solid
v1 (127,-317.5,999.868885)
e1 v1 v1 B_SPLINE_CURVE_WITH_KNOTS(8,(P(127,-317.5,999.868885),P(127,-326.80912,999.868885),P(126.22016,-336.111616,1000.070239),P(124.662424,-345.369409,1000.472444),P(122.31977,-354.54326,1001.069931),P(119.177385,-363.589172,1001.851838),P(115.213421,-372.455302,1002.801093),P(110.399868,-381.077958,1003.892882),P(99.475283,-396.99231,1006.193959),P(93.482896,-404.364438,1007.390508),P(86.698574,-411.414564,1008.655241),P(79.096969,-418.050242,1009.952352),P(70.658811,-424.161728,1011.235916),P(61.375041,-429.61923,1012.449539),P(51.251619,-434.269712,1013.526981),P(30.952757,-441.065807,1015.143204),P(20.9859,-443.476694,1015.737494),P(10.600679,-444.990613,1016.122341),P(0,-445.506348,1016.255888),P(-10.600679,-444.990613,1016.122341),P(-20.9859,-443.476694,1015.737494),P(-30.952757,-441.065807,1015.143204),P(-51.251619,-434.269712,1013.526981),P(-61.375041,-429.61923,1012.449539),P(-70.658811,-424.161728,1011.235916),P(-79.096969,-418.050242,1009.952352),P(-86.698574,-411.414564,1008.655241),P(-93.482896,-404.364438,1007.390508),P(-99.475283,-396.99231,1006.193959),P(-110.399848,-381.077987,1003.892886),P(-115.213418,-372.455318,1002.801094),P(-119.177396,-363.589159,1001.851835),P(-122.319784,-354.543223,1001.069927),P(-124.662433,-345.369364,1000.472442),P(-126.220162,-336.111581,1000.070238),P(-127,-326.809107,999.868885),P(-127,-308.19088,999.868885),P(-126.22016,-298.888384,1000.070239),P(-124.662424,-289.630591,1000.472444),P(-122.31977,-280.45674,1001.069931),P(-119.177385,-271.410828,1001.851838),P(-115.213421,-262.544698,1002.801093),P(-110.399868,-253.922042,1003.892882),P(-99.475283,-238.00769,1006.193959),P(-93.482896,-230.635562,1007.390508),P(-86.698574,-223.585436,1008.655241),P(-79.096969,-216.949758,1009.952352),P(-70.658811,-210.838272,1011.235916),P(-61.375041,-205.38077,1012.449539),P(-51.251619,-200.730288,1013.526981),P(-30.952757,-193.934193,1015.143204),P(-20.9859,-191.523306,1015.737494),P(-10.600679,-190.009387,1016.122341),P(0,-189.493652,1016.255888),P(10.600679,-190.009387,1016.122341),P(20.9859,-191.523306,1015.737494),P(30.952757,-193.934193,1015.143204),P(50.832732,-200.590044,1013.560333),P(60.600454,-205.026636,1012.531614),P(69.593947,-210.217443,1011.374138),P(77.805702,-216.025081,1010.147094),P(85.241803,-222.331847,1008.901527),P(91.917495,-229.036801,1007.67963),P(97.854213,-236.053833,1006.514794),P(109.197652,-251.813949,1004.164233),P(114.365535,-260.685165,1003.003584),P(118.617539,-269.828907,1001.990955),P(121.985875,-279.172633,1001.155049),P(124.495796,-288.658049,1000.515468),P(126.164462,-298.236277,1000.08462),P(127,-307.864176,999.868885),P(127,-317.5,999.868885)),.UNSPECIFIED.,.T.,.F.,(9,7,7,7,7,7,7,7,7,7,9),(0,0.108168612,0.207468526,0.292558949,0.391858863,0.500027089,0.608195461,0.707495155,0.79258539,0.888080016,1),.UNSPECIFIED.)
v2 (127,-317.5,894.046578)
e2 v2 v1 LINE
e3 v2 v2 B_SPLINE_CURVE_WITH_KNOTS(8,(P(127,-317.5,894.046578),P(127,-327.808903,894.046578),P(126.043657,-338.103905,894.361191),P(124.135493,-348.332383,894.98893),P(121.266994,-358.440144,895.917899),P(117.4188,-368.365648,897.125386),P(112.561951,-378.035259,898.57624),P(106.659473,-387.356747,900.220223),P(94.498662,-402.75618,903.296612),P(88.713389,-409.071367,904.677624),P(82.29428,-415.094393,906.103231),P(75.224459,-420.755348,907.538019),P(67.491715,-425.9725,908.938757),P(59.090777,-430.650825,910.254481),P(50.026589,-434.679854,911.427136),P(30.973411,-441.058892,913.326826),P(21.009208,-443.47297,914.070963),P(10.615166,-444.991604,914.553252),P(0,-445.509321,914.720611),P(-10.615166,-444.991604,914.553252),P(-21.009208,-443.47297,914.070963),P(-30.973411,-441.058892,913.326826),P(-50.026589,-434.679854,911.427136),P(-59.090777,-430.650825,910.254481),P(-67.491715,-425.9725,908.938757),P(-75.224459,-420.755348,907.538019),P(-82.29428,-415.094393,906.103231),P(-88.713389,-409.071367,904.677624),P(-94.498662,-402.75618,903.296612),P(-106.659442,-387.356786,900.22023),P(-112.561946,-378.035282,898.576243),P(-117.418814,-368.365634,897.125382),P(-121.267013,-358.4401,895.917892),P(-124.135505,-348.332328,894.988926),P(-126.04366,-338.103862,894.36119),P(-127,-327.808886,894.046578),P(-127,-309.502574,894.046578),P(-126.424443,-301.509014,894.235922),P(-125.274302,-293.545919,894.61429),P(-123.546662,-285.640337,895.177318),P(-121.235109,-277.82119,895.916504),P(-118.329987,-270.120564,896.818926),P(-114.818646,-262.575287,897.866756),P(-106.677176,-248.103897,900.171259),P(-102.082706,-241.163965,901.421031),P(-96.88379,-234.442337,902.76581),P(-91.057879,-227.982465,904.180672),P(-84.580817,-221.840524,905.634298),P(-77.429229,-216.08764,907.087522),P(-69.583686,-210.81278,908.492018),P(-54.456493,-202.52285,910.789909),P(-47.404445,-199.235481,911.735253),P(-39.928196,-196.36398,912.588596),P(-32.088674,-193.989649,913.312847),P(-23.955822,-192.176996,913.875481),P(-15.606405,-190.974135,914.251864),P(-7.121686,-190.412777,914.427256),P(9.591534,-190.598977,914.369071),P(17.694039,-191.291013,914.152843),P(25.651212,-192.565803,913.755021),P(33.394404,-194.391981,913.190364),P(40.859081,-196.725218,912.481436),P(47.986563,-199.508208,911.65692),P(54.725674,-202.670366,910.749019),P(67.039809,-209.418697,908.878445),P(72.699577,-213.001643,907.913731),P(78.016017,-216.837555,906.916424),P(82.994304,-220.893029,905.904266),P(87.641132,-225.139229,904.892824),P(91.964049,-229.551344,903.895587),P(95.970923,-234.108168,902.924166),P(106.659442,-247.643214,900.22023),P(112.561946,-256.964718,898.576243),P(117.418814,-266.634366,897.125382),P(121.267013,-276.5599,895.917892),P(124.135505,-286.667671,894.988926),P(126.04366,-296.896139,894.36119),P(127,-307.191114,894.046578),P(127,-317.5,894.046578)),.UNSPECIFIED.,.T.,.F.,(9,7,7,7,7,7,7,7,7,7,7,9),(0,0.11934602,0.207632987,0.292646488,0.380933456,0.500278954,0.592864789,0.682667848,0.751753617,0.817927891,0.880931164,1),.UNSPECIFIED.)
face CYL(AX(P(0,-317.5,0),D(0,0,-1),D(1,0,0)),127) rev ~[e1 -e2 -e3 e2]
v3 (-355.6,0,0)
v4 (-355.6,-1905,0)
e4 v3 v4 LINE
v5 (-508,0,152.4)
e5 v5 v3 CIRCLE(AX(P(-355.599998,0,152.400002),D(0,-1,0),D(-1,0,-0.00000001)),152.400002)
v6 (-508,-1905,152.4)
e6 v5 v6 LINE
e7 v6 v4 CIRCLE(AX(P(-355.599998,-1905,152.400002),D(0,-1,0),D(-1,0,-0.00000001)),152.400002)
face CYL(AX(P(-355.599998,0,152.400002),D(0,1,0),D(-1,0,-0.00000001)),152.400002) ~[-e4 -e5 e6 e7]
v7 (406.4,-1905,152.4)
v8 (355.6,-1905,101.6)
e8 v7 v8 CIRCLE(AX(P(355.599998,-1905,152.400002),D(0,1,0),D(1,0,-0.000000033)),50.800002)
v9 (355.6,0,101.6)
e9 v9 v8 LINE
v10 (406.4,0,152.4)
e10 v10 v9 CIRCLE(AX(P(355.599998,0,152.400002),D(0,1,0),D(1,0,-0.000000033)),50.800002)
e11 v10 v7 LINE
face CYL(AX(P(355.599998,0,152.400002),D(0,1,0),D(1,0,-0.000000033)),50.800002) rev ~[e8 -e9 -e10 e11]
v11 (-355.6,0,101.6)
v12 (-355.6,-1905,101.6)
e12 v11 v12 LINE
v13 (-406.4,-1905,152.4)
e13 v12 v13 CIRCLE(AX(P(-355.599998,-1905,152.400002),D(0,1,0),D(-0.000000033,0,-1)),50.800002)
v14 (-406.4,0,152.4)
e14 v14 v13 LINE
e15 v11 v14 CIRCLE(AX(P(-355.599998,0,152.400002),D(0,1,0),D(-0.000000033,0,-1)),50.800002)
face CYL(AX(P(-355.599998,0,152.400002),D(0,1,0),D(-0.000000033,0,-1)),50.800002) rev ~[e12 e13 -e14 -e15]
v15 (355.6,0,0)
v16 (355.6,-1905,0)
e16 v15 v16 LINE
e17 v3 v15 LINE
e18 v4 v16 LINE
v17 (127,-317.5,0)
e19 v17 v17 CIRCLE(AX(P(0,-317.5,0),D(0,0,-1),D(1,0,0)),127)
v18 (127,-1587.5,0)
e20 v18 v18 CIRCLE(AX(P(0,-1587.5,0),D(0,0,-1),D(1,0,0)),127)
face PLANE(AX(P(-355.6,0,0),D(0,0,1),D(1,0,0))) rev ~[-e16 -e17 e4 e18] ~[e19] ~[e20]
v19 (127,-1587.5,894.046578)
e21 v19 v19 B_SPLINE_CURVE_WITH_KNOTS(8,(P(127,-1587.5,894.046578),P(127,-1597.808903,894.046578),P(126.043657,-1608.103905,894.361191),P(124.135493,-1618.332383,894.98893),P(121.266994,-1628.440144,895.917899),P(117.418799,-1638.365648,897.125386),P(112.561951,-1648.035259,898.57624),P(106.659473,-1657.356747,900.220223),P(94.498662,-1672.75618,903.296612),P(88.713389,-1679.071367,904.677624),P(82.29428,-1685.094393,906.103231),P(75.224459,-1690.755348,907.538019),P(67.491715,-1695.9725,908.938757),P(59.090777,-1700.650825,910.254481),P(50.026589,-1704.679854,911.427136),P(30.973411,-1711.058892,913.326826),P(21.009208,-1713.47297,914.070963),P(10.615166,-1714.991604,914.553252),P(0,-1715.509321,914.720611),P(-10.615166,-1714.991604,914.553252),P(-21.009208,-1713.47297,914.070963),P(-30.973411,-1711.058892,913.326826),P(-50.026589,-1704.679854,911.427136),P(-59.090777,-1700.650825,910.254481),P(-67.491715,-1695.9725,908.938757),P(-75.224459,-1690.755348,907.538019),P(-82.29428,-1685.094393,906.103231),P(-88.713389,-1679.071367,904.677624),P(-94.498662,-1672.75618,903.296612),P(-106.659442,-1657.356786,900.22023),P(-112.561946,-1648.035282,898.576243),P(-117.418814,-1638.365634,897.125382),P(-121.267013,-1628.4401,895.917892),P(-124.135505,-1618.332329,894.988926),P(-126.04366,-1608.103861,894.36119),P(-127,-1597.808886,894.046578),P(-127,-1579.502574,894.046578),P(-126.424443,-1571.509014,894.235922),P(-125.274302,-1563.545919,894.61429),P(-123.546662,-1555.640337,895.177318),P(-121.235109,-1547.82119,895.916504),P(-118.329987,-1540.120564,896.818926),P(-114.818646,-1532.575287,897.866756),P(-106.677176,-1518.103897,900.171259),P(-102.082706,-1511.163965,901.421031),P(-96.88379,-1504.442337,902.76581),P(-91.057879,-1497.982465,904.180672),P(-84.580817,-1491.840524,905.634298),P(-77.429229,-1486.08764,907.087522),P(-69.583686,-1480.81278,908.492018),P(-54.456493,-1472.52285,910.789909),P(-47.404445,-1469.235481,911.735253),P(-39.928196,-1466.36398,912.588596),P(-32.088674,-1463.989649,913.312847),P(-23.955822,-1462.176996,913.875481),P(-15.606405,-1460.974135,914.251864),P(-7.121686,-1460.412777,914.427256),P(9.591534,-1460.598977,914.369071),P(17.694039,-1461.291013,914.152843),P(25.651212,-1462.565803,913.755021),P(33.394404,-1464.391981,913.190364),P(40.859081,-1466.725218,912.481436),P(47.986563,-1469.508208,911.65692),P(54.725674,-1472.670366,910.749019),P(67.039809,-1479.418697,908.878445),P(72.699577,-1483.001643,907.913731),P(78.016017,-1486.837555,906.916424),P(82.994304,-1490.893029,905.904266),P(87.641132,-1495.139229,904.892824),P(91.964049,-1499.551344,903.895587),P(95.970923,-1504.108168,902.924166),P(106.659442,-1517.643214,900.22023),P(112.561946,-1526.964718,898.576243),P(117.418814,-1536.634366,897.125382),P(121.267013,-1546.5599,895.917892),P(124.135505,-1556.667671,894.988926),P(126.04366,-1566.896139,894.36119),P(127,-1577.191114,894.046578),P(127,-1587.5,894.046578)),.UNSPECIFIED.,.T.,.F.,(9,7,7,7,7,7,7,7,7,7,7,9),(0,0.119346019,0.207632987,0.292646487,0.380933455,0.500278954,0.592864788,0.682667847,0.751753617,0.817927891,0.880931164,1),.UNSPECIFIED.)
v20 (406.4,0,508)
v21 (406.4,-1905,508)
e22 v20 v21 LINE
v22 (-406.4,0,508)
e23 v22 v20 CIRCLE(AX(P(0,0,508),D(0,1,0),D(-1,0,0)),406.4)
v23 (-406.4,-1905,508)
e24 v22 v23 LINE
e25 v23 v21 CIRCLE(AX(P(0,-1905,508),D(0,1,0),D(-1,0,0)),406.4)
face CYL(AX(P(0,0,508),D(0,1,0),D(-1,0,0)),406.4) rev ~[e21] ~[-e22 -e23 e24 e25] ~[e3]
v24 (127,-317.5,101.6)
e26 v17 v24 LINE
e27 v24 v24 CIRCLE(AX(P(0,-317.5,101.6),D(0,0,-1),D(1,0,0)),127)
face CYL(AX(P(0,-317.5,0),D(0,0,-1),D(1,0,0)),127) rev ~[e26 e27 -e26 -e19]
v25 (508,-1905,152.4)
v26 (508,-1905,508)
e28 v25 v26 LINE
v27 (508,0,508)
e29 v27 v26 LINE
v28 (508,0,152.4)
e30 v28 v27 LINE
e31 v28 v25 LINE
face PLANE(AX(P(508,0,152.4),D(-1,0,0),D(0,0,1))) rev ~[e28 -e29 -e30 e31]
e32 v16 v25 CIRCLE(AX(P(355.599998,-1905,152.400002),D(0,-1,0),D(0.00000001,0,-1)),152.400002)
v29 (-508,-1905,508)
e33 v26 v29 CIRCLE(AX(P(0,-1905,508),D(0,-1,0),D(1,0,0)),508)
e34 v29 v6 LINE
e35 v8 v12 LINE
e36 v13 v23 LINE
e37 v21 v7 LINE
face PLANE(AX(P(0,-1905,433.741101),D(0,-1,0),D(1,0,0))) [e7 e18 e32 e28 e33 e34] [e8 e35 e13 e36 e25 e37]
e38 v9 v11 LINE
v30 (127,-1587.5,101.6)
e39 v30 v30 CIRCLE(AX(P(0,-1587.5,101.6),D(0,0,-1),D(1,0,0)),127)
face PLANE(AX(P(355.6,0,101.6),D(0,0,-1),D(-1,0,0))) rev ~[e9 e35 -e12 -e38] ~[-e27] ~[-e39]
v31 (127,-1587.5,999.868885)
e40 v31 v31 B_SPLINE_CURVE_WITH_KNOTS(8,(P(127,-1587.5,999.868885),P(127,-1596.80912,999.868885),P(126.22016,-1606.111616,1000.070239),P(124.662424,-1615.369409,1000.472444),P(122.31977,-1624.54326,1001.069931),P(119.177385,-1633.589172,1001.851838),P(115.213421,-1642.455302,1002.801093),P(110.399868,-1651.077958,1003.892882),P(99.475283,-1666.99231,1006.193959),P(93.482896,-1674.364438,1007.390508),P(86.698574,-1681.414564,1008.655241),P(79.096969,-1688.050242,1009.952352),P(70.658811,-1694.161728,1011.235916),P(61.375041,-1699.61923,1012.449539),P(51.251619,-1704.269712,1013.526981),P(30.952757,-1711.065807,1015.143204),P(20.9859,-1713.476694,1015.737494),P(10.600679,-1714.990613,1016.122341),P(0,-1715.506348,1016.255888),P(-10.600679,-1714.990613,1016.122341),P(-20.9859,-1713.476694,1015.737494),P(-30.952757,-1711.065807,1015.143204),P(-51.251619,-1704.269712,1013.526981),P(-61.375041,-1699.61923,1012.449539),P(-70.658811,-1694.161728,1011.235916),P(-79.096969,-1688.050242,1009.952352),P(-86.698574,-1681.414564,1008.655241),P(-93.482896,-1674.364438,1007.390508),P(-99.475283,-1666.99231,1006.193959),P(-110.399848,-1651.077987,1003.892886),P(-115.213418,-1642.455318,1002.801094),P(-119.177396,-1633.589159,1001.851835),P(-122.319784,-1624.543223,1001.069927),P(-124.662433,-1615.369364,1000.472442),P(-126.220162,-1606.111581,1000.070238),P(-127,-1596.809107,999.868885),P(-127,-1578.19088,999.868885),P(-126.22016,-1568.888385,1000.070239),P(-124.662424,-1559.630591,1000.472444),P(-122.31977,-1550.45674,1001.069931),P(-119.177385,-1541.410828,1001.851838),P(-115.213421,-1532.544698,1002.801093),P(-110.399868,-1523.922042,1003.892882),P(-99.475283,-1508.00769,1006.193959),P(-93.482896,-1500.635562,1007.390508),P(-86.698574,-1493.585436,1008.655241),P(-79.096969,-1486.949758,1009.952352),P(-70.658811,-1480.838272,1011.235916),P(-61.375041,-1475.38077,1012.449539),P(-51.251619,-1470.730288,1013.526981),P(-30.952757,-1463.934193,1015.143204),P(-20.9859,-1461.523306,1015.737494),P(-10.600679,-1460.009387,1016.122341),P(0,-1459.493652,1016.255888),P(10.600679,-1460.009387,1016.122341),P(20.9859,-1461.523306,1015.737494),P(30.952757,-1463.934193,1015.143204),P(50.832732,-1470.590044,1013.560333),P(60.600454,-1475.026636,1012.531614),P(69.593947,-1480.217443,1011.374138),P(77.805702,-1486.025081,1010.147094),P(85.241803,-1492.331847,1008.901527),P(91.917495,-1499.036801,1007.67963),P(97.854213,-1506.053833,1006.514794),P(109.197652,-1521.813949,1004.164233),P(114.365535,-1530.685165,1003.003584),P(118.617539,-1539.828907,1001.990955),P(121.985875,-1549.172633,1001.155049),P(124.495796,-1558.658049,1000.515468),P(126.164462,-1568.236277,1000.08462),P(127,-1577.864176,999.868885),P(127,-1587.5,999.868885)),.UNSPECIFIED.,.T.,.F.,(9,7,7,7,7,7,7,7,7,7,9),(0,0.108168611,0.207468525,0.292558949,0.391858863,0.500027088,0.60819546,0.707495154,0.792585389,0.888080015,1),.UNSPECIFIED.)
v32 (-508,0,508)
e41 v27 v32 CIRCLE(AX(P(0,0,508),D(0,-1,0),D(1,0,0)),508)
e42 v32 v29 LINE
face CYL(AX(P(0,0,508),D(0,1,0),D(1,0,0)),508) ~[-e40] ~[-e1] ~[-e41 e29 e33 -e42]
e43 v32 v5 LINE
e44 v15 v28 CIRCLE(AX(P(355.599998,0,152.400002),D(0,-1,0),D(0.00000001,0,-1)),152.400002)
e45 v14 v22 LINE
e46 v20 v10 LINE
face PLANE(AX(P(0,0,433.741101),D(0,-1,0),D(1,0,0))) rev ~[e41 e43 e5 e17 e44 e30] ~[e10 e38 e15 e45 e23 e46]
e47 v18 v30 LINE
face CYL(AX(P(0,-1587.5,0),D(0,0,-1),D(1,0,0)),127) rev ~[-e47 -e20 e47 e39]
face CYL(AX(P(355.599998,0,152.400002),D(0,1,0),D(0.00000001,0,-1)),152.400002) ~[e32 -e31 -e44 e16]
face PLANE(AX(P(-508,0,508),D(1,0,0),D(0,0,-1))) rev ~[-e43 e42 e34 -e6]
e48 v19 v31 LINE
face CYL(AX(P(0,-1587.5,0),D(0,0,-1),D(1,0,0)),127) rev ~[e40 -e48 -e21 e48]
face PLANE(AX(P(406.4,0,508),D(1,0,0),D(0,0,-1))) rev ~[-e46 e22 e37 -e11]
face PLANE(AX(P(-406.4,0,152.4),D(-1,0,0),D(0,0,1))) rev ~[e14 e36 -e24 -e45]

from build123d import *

# Parameters (mm, degrees)
F1_DEPTH = 1905
F2_R     = 127
F3_DEPTH = 1016.001


with BuildPart() as f1:
    # F0 (on Front) → F1 (new body)
    with BuildSketch(Plane.XZ):
        with BuildLine():
            Line((508, 152.4), (508, 508))
            ThreePointArc((508, 508), (0, 1016), (-508, 508))
            Line((-508, 508), (-508, 152.4))
            ThreePointArc((-508, 152.4), (-463.363073, 44.636927), (-355.6, 0))
            Line((-355.6, 0), (0, 0))
            Line((0, 0), (355.6, 0))
            ThreePointArc((355.6, 0), (463.363073, 44.636927), (508, 152.4))
        make_face()
        with BuildLine():
            ThreePointArc((-406.4, 508), (0, 914.4), (406.4, 508))
            Line((406.4, 508), (406.4, 152.4))
            ThreePointArc((406.4, 152.4), (391.521024, 116.478976), (355.6, 101.6))
            Line((355.6, 101.6), (0, 101.6))
            Line((0, 101.6), (-355.6, 101.6))
            ThreePointArc((-355.6, 101.6), (-391.521024, 116.478976), (-406.4, 152.4))
            Line((-406.4, 152.4), (-406.4, 508))
        make_face(mode=Mode.SUBTRACT)
    extrude(amount=F1_DEPTH)

    # F2 (on face) → F3 (cut, through all)
    with BuildSketch(Plane(origin=(0, 0, 0), x_dir=(1, 0, 0), z_dir=(0, 0, -1))):
        with Locations((0, 1587.5)):
            Circle(F2_R)
        with Locations((0, 317.5)):
            Circle(F2_R)
    extrude(amount=-F3_DEPTH, mode=Mode.SUBTRACT)


solid = f1.part
